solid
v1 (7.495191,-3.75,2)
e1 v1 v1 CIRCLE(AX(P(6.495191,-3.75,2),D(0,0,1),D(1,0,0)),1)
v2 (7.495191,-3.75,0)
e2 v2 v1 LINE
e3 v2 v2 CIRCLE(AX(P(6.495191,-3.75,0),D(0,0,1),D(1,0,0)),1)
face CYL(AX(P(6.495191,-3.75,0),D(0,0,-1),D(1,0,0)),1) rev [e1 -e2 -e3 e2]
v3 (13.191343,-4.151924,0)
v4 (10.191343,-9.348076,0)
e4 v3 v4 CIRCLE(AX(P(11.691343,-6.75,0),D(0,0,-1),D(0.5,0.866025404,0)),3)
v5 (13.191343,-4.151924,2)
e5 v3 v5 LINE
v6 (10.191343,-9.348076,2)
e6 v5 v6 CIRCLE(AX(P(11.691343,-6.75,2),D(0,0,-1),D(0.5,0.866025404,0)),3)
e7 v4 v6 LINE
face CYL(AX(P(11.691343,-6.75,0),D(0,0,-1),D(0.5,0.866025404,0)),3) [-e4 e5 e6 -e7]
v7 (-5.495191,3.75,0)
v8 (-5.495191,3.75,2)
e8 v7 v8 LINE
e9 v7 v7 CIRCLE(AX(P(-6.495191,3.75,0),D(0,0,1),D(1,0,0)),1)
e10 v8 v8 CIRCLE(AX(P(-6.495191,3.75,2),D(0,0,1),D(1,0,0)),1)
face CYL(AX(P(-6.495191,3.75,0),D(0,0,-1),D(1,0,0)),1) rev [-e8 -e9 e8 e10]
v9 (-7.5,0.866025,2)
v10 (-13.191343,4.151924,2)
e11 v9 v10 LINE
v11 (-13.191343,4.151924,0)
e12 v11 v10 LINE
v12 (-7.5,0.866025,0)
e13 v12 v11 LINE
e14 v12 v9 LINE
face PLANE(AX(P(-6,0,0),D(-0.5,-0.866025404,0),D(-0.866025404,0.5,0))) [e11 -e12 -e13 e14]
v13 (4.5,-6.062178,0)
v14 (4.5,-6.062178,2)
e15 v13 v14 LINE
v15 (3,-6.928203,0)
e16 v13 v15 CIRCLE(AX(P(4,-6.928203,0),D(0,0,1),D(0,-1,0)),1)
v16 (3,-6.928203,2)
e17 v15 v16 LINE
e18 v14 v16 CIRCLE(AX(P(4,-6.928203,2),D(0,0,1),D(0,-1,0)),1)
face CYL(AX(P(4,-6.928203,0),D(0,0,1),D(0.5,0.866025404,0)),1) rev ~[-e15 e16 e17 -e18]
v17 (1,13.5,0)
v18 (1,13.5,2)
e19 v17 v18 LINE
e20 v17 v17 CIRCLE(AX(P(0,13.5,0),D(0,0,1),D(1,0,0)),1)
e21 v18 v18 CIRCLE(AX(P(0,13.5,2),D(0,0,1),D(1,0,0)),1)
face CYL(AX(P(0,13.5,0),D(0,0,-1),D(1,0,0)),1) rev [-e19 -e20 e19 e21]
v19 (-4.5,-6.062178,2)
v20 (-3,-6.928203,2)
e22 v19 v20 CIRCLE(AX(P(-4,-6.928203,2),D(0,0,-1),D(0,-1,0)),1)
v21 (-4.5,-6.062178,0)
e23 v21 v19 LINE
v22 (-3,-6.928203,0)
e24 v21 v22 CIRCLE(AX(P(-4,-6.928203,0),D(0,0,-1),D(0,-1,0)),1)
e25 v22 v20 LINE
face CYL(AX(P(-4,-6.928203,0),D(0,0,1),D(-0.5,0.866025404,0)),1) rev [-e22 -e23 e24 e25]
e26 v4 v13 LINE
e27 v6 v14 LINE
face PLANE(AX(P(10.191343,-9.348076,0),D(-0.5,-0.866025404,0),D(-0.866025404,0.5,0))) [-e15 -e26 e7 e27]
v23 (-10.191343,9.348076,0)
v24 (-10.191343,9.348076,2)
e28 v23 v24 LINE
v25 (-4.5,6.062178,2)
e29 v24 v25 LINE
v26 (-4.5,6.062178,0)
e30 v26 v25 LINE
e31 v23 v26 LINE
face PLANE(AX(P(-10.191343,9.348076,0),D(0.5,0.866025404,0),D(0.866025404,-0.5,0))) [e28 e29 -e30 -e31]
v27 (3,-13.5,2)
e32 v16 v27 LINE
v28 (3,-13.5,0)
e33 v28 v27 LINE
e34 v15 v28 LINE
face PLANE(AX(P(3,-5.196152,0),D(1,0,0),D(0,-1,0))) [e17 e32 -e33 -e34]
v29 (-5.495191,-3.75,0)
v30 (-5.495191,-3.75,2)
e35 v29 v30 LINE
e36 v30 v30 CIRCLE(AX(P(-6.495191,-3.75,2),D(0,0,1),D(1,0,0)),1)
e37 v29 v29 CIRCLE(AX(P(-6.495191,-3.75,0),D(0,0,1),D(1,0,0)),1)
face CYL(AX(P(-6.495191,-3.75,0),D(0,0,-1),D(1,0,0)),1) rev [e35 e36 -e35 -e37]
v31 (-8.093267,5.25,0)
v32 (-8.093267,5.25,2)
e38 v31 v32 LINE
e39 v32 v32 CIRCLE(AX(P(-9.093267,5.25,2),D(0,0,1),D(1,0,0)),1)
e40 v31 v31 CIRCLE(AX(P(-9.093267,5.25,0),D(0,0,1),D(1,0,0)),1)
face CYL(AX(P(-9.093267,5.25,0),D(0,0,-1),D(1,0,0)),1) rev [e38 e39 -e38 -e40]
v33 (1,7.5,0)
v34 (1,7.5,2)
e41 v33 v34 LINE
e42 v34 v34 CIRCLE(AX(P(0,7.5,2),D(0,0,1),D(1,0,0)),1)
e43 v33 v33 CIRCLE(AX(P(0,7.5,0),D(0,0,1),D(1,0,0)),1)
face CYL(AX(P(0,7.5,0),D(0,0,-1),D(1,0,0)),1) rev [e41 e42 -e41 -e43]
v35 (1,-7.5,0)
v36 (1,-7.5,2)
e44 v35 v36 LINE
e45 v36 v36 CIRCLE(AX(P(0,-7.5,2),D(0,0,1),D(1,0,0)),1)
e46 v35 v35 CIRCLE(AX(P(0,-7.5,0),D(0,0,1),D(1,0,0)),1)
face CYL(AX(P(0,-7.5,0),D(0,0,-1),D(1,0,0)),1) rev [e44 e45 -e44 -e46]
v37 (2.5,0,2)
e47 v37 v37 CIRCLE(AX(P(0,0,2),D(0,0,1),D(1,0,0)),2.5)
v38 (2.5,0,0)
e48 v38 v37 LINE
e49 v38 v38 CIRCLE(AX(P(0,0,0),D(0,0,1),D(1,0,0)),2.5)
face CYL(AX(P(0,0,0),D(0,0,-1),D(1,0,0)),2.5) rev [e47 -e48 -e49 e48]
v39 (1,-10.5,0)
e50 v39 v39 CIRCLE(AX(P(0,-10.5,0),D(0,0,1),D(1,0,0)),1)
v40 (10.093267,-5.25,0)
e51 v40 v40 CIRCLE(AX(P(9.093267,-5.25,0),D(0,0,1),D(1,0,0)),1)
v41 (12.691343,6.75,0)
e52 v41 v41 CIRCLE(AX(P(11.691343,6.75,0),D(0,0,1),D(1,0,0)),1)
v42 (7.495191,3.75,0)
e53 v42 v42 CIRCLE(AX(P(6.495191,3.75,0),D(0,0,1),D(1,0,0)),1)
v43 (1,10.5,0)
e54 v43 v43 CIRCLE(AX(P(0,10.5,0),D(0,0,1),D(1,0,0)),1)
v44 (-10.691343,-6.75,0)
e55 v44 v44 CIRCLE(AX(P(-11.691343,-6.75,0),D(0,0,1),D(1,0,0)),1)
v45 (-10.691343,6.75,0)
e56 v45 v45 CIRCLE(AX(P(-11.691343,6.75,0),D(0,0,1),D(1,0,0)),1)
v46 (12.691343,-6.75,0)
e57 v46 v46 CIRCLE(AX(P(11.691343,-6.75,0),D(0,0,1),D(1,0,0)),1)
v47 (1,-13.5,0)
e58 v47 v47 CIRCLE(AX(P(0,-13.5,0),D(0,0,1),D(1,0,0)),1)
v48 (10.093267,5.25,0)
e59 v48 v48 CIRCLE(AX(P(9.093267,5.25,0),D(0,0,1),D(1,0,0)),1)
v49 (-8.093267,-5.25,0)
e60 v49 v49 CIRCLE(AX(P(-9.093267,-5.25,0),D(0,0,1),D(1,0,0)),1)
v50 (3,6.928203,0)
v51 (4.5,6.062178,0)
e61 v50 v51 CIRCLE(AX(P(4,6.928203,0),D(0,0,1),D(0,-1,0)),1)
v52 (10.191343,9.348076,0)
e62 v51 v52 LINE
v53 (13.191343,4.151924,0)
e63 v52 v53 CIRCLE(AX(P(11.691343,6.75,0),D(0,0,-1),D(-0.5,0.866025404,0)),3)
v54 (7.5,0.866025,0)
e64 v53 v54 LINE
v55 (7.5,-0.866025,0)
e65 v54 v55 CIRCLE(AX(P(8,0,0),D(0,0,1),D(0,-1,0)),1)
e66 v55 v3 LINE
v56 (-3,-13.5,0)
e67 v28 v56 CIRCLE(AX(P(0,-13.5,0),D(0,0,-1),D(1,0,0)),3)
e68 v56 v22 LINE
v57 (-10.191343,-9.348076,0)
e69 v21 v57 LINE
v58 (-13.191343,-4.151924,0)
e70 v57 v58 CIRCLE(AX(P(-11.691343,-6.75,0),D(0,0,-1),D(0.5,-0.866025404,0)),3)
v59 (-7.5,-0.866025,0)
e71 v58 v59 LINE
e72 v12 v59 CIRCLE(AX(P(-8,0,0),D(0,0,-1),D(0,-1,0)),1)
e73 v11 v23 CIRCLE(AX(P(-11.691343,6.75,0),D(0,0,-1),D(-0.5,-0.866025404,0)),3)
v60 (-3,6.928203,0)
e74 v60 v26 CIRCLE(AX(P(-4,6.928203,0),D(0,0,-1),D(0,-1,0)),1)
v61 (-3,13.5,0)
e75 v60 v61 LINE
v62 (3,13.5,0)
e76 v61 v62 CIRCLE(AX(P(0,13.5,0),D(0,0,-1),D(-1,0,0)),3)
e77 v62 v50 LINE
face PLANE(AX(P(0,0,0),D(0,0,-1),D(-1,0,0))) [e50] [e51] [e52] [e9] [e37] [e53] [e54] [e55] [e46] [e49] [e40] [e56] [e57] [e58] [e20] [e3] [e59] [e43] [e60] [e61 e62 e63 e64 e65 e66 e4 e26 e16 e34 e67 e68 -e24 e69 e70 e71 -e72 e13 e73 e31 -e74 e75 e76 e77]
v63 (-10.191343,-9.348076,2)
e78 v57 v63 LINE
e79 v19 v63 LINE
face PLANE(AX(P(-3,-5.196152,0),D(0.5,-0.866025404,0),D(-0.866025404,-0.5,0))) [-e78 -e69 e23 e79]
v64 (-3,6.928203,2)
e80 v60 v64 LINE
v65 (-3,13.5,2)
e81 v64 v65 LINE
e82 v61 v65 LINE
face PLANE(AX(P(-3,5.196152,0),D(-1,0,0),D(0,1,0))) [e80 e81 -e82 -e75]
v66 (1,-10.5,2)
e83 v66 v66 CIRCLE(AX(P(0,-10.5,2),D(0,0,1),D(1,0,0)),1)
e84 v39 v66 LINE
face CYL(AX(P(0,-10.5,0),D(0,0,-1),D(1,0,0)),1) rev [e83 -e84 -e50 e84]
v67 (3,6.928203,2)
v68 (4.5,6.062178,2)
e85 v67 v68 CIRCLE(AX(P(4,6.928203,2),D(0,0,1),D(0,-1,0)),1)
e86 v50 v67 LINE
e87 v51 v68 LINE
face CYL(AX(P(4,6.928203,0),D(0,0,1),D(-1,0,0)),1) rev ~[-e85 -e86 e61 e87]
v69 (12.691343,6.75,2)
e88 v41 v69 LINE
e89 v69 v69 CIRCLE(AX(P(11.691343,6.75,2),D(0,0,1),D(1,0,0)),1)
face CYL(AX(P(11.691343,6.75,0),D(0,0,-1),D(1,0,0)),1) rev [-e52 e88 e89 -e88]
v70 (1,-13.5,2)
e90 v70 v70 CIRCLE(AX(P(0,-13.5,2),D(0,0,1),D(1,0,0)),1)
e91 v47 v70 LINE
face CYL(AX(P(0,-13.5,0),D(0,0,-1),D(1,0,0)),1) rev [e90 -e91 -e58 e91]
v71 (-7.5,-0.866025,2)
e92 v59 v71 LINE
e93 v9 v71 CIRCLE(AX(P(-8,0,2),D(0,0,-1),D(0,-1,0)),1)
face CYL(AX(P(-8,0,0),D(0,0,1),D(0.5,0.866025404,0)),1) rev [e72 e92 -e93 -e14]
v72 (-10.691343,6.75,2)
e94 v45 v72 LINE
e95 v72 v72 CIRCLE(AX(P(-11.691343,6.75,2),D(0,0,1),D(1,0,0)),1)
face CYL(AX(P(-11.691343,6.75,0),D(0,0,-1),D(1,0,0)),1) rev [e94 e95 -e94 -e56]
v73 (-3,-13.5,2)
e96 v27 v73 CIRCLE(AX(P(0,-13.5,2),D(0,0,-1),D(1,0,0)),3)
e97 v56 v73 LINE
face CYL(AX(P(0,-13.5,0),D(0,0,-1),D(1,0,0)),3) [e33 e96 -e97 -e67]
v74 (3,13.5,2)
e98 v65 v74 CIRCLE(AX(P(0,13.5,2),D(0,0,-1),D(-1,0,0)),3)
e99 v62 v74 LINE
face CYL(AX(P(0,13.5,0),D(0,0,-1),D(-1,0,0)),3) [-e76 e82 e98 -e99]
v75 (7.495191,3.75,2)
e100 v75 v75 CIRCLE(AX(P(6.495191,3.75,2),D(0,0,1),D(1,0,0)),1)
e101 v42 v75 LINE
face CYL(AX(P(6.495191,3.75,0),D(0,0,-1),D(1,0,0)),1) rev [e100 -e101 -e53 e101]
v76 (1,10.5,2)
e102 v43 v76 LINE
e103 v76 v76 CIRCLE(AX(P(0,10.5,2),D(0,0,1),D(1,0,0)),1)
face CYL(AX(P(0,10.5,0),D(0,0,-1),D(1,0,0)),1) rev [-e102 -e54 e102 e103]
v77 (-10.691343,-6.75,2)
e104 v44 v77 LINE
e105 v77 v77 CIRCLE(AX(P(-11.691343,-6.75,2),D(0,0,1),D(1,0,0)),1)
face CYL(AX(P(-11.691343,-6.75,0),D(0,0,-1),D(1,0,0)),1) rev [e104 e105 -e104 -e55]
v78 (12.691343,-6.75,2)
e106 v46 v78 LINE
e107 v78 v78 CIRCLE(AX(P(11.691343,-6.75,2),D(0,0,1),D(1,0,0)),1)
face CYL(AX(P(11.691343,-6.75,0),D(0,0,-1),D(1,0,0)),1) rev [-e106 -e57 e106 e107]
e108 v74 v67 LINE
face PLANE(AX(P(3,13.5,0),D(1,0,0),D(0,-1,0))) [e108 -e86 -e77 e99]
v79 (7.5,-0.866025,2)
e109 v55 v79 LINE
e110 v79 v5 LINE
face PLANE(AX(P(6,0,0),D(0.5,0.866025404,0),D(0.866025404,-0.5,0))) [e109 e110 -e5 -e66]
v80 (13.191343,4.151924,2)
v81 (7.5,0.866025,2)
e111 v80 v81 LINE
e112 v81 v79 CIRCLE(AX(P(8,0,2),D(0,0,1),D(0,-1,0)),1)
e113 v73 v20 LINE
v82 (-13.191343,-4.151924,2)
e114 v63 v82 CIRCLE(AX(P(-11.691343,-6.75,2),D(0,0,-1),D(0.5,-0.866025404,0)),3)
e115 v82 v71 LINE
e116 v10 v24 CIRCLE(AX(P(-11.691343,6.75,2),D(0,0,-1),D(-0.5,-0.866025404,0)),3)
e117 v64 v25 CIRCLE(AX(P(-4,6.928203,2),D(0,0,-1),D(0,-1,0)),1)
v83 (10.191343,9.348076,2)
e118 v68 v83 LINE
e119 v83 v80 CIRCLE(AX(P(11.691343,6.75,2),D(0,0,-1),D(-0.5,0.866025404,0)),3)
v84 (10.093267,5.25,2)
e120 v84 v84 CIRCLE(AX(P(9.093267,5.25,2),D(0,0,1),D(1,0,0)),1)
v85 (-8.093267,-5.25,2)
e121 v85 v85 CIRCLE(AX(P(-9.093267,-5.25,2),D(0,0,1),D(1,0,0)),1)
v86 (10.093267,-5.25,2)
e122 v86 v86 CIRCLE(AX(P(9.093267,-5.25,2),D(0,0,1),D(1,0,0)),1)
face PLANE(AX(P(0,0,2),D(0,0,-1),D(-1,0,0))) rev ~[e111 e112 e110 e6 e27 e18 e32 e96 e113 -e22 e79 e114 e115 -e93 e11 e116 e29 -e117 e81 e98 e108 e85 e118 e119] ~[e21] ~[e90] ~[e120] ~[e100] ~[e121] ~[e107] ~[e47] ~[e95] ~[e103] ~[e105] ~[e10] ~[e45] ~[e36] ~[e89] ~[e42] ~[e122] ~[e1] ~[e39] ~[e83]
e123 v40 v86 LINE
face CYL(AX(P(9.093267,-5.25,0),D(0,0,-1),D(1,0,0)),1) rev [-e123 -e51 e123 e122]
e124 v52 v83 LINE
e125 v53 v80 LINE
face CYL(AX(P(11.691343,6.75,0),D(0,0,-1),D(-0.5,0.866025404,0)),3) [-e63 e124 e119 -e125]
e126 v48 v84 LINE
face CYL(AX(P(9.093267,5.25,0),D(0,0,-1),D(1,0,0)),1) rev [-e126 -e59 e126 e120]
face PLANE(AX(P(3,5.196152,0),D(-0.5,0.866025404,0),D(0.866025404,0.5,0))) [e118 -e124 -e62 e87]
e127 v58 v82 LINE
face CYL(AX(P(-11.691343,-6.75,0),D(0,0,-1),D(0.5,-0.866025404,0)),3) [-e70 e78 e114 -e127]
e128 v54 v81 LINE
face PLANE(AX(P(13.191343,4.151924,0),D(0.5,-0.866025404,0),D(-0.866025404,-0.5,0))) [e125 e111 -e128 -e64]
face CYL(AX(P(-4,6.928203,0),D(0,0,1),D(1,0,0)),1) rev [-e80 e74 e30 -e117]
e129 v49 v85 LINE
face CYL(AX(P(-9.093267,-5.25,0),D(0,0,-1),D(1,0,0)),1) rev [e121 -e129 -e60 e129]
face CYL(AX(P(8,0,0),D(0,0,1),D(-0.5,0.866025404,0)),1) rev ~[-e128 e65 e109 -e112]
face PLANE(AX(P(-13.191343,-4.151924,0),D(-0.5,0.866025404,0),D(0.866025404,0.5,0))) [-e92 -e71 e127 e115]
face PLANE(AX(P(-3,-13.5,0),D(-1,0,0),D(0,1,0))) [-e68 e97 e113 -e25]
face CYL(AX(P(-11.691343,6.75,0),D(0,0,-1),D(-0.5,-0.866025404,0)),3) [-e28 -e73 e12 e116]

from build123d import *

# Parameters (mm, degrees)
SKETCH1_R      = 2.5
SKETCH1_R_2    = 1
EXTRUDE1_DEPTH = 2
FILLET1_R      = 1


with BuildPart() as part:
    # Sketch1 → Extrude1 (new body)
    with BuildSketch(Plane.XY):
        with BuildLine():
            Line((3, 13.5), (3, 5.196152423))
            Line((3, 5.196152423), (10.191342951, 9.348076211))
            ThreePointArc((10.191342951, 9.348076211), (14.289419162, 8.25), (13.191342951, 4.151923789))
            Line((13.191342951, 4.151923789), (6, 0))
            Line((6, 0), (13.191342951, -4.151923789))
            ThreePointArc((13.191342951, -4.151923789), (14.289419162, -8.25), (10.191342951, -9.348076211))
            Line((10.191342951, -9.348076211), (3, -5.196152423))
            Line((3, -5.196152423), (3, -13.5))
            ThreePointArc((3, -13.5), (0, -16.5), (-3, -13.5))
            Line((-3, -13.5), (-3, -5.196152423))
            Line((-3, -5.196152423), (-10.191342951, -9.348076211))
            ThreePointArc((-10.191342951, -9.348076211), (-14.289419162, -8.25), (-13.191342951, -4.151923789))
            Line((-13.191342951, -4.151923789), (-6, 0))
            Line((-6, 0), (-13.191342951, 4.151923789))
            ThreePointArc((-13.191342951, 4.151923789), (-14.289419162, 8.25), (-10.191342951, 9.348076211))
            Line((-10.191342951, 9.348076211), (-3, 5.196152423))
            Line((-3, 5.196152423), (-3, 13.5))
            ThreePointArc((-3, 13.5), (0, 16.5), (3, 13.5))
        make_face()
        Circle(SKETCH1_R, mode=Mode.SUBTRACT)
        with Locations((0, 7.5)):
            Circle(SKETCH1_R_2, mode=Mode.SUBTRACT)
        with Locations((0, 10.5)):
            Circle(SKETCH1_R_2, mode=Mode.SUBTRACT)
        with Locations((0, 13.5)):
            Circle(SKETCH1_R_2, mode=Mode.SUBTRACT)
        with Locations((-6.495190528, 3.75)):
            Circle(SKETCH1_R_2, mode=Mode.SUBTRACT)
        with Locations((-9.09326674, 5.25)):
            Circle(SKETCH1_R_2, mode=Mode.SUBTRACT)
        with Locations((-11.691342951, 6.75)):
            Circle(SKETCH1_R_2, mode=Mode.SUBTRACT)
        with Locations((-6.495190528, -3.75)):
            Circle(SKETCH1_R_2, mode=Mode.SUBTRACT)
        with Locations((-9.09326674, -5.25)):
            Circle(SKETCH1_R_2, mode=Mode.SUBTRACT)
        with Locations((-11.691342951, -6.75)):
            Circle(SKETCH1_R_2, mode=Mode.SUBTRACT)
        with Locations((0, -7.5)):
            Circle(SKETCH1_R_2, mode=Mode.SUBTRACT)
        with Locations((0, -10.5)):
            Circle(SKETCH1_R_2, mode=Mode.SUBTRACT)
        with Locations((0, -13.5)):
            Circle(SKETCH1_R_2, mode=Mode.SUBTRACT)
        with Locations((6.495190528, -3.75)):
            Circle(SKETCH1_R_2, mode=Mode.SUBTRACT)
        with Locations((9.09326674, -5.25)):
            Circle(SKETCH1_R_2, mode=Mode.SUBTRACT)
        with Locations((11.691342951, -6.75)):
            Circle(SKETCH1_R_2, mode=Mode.SUBTRACT)
        with Locations((6.495190528, 3.75)):
            Circle(SKETCH1_R_2, mode=Mode.SUBTRACT)
        with Locations((9.09326674, 5.25)):
            Circle(SKETCH1_R_2, mode=Mode.SUBTRACT)
        with Locations((11.691342951, 6.75)):
            Circle(SKETCH1_R_2, mode=Mode.SUBTRACT)
    extrude(amount=EXTRUDE1_DEPTH)

    # Fillet1
    fillet1_edges = [part.edges().sort_by_distance(p)[0] for p in [
        (3, 5.196152423, 1),
        (6, 0, 1),
        (3, -5.196152423, 1),
        (-3, -5.196152423, 1),
        (-6, 0, 1),
        (-3, 5.196152423, 1),
    ]]
    fillet(fillet1_edges, radius=FILLET1_R)


solid = part.part
